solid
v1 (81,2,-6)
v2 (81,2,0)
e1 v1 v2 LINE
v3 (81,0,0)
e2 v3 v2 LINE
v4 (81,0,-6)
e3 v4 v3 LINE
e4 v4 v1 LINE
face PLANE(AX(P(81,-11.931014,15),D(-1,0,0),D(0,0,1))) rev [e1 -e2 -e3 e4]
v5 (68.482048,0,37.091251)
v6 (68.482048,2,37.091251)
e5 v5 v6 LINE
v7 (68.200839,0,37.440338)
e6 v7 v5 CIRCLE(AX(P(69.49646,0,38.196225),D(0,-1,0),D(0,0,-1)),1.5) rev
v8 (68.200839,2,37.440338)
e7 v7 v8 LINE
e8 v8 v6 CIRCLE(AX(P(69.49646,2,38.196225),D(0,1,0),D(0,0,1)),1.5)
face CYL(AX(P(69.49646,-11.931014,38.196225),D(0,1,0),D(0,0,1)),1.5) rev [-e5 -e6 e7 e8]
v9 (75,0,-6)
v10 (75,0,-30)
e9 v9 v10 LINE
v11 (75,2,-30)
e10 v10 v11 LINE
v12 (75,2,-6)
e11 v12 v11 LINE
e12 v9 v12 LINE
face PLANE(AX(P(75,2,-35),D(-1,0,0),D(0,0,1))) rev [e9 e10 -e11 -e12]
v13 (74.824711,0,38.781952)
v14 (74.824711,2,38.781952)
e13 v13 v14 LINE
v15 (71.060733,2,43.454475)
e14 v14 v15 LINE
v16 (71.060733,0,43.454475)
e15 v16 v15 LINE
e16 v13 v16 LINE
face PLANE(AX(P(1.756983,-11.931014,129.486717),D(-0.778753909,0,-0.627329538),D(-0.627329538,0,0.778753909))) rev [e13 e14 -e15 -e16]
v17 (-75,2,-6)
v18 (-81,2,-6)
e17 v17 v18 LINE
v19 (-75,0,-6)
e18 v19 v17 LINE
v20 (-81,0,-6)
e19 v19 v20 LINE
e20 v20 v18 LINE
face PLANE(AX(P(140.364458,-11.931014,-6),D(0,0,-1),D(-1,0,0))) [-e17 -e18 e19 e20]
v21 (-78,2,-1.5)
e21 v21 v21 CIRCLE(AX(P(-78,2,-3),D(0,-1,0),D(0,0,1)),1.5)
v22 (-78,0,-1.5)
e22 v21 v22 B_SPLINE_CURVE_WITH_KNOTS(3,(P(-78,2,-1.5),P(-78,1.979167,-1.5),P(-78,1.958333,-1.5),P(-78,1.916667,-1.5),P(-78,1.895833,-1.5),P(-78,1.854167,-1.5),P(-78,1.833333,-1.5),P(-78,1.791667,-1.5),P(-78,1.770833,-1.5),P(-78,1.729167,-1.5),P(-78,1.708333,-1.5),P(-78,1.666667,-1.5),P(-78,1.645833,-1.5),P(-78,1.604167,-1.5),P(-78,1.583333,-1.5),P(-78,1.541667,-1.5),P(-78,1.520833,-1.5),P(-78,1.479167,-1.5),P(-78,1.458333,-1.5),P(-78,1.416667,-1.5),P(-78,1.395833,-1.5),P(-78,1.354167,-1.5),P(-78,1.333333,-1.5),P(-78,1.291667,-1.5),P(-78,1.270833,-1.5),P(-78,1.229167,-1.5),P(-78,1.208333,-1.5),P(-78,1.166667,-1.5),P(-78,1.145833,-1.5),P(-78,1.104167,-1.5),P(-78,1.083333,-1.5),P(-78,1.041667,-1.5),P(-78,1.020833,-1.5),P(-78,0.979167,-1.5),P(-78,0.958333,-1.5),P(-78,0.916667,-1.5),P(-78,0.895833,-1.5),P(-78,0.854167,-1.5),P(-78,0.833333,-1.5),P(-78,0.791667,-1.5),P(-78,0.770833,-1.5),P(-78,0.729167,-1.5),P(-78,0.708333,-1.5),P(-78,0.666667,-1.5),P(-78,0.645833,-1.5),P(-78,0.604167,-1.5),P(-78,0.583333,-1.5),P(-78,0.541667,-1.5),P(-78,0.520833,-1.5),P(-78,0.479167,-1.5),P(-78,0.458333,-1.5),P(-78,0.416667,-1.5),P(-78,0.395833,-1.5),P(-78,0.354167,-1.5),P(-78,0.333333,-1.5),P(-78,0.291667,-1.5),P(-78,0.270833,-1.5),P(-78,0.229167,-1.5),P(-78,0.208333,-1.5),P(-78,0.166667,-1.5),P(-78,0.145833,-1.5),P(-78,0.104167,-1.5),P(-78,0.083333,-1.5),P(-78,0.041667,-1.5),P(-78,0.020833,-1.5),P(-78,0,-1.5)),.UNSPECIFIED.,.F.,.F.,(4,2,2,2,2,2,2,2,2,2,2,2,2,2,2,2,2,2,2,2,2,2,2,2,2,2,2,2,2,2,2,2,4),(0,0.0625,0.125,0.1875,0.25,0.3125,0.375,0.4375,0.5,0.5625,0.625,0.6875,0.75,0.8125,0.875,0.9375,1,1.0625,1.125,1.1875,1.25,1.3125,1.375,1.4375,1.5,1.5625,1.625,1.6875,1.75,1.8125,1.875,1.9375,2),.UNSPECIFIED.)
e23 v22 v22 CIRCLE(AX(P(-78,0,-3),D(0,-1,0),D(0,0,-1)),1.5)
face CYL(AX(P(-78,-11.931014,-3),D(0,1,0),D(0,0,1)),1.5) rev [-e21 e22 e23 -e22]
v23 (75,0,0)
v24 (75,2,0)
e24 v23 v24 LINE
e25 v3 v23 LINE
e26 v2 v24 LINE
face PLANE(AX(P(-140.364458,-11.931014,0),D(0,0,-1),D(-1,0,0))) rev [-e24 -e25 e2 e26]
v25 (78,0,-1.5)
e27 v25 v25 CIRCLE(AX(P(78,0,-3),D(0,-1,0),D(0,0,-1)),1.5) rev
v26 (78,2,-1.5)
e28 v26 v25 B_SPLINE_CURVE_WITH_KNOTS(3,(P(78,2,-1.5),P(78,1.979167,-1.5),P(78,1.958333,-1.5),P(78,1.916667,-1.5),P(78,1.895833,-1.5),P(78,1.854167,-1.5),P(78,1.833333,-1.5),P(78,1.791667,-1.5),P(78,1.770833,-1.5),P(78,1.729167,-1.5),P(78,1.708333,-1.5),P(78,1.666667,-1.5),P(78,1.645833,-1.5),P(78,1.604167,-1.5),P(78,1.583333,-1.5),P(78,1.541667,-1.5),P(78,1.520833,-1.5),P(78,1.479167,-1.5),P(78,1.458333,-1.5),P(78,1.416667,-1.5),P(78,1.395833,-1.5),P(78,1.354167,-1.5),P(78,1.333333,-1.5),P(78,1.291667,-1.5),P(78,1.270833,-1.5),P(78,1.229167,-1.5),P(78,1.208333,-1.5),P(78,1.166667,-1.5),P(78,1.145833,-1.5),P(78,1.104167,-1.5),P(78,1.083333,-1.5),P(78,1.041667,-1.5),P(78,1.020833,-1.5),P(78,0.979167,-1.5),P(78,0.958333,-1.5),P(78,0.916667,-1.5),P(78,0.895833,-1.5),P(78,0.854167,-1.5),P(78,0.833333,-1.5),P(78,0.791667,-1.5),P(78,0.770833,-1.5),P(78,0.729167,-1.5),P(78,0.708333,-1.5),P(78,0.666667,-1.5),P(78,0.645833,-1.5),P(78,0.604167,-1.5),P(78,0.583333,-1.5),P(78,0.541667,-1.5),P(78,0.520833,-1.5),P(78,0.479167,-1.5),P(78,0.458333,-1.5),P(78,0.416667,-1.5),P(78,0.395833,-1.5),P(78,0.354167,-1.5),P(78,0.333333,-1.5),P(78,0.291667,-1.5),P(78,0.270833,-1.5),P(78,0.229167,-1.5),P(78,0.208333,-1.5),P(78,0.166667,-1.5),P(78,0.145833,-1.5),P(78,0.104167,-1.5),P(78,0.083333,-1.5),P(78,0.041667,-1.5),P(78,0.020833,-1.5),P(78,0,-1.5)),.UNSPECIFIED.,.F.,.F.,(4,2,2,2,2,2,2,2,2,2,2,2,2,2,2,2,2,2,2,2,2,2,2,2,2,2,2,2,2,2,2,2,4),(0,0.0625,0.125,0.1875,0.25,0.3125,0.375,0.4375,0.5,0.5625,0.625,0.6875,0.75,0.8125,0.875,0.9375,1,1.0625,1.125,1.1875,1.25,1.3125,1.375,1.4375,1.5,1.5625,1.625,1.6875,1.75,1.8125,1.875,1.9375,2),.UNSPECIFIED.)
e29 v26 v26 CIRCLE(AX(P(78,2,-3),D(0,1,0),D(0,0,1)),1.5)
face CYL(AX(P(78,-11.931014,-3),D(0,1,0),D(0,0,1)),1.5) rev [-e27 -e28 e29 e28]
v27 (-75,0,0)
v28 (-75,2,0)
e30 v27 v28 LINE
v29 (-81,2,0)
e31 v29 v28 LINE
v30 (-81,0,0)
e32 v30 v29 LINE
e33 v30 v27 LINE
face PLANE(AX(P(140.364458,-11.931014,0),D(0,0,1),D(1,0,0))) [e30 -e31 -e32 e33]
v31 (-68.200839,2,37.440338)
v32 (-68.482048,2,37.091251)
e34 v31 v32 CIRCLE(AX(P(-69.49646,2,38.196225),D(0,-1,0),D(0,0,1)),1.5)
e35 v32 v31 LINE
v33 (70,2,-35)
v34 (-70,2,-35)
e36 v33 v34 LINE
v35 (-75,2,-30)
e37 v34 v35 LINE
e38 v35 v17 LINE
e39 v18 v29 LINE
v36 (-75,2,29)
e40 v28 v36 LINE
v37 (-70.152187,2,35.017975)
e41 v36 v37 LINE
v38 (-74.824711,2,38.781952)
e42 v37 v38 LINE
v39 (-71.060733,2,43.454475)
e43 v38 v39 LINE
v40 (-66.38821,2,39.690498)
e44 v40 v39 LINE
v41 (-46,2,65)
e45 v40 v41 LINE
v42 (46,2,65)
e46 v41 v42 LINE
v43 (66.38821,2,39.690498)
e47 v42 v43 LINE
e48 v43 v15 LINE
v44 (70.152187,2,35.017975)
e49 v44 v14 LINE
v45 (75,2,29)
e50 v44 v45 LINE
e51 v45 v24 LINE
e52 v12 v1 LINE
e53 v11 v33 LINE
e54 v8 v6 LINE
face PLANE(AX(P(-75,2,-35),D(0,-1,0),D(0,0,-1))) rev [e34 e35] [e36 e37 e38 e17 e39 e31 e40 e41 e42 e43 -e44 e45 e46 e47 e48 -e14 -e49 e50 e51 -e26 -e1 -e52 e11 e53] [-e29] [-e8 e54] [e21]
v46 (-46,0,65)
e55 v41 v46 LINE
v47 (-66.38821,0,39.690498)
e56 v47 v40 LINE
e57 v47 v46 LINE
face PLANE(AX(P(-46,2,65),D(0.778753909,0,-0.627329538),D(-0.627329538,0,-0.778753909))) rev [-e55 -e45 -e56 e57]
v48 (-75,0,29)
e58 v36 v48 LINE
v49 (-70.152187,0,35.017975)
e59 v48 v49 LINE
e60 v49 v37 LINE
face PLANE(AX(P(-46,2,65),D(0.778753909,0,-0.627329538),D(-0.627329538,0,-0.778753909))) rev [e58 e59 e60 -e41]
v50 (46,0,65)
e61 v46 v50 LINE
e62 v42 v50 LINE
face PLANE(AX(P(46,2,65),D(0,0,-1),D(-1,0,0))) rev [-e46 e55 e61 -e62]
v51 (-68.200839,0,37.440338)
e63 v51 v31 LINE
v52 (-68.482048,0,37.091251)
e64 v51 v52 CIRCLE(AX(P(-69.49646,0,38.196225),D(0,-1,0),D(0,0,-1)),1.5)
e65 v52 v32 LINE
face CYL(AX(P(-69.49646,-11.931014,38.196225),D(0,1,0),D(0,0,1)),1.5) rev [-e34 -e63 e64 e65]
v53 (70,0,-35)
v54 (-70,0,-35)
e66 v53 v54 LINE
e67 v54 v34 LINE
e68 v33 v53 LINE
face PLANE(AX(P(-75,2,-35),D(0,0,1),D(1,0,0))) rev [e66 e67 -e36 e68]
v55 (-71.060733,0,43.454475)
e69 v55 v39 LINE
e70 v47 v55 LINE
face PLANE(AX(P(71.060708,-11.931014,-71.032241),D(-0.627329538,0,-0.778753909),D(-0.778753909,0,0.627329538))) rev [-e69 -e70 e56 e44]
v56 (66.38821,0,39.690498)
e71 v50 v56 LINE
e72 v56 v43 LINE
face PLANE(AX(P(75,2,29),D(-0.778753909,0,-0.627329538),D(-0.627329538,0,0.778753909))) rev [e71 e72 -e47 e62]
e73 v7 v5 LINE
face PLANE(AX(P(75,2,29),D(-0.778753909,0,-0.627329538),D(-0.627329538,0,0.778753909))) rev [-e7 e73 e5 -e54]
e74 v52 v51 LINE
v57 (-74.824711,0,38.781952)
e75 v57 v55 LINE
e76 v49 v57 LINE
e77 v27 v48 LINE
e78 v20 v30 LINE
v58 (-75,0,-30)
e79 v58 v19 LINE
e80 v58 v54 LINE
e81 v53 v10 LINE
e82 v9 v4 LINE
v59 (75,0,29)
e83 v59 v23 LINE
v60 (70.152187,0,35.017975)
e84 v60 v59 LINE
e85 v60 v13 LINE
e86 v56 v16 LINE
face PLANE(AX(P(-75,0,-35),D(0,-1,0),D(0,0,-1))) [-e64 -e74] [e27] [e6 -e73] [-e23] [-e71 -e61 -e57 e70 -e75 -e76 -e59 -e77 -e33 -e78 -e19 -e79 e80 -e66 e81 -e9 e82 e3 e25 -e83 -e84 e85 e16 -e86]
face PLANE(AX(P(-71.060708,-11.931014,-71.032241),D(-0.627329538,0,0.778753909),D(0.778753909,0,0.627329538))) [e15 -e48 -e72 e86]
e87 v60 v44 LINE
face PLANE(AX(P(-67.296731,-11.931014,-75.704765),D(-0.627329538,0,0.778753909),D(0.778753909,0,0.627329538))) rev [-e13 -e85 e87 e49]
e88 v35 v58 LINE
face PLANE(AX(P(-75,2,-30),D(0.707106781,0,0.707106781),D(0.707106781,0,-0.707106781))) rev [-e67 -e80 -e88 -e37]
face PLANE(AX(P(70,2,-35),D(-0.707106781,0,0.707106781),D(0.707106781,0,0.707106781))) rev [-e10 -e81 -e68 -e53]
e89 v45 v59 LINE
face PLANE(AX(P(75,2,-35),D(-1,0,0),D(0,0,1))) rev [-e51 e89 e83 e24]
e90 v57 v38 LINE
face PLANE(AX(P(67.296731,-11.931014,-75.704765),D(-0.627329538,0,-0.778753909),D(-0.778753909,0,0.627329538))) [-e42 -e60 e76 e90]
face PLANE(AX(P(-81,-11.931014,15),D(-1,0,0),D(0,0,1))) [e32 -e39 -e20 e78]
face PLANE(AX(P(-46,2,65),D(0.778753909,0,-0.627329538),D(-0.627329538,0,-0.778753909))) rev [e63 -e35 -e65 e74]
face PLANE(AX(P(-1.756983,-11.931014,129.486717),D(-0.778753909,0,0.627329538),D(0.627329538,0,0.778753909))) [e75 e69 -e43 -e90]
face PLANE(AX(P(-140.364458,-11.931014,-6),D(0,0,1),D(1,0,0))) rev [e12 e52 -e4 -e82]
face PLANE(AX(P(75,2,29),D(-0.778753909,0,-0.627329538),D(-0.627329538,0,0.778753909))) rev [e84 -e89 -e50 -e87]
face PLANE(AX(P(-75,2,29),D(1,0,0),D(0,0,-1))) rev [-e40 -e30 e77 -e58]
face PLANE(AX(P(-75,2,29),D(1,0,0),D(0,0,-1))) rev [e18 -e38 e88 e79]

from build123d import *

# Parameters (mm, degrees)
EXTRUDE1_DEPTH = 2
SKETCH3_W      = 6
SKETCH3_H      = 6
SKETCH3_R      = 1.5
EXTRUDE2_DEPTH = 2
CHAMFER2_SIZE  = 5


with BuildPart() as part:
    # Sketch1 → Extrude1 (new body)
    with BuildSketch(Plane(origin=(0, 0, 0), x_dir=(1, 0, 0), z_dir=(0, 1, 0))):
        Polygon((-75, 35), (75, 35), (75, -29), (46, -65), (-46, -65), (-75, -29), align=None)
    extrude(amount=EXTRUDE1_DEPTH)

    # Sketch3 → Extrude2 (add)
    # profile 1 of 2: a face of its own
    with BuildSketch(Plane(origin=(0, 2, 0), x_dir=(1, 0, 0), z_dir=(0, 1, 0))):
        with Locations((78, 3)):
            Rectangle(SKETCH3_W, SKETCH3_H)
        with Locations(Location((78, 3, 0), (0, 0, 270))):
            Circle(SKETCH3_R, mode=Mode.SUBTRACT)
    # profile 2 of 2: a face of its own
    with BuildSketch(Plane(origin=(0, 2, 0), x_dir=(1, 0, 0), z_dir=(0, 1, 0))):
        with BuildLine():
            Line((74.824710663, -38.781951728), (70.152187208, -35.0179745))
            Line((70.152187208, -35.0179745), (68.482047894, -37.09125089))
            ThreePointArc((68.482047894, -37.09125089), (70.09994245, -36.822977113), (70.99646032, -38.19622484))
            ThreePointArc((70.99646032, -38.19622484), (69.104945526, -39.644229041), (68.200838766, -37.440338084))
            Line((68.200838766, -37.440338084), (66.388209981, -39.690497955))
            Line((66.388209981, -39.690497955), (71.060733435, -43.454475182))
            Line((71.060733435, -43.454475182), (74.824710663, -38.781951728))
        make_face()
    extrude2 = extrude(amount=-EXTRUDE2_DEPTH)

    # Chamfer2
    chamfer2_edges = [part.edges().sort_by_distance(p)[0] for p in [
        (-75, 1, -35),
        (75, 1, -35),
    ]]
    chamfer(chamfer2_edges, length=CHAMFER2_SIZE)

    # Mirror1: Extrude2 across plane
    add(extrude2.mirror(Plane(origin=(0, 0, 0), x_dir=(0, 0, 1), z_dir=(1, 0, 0))))


solid = part.part
